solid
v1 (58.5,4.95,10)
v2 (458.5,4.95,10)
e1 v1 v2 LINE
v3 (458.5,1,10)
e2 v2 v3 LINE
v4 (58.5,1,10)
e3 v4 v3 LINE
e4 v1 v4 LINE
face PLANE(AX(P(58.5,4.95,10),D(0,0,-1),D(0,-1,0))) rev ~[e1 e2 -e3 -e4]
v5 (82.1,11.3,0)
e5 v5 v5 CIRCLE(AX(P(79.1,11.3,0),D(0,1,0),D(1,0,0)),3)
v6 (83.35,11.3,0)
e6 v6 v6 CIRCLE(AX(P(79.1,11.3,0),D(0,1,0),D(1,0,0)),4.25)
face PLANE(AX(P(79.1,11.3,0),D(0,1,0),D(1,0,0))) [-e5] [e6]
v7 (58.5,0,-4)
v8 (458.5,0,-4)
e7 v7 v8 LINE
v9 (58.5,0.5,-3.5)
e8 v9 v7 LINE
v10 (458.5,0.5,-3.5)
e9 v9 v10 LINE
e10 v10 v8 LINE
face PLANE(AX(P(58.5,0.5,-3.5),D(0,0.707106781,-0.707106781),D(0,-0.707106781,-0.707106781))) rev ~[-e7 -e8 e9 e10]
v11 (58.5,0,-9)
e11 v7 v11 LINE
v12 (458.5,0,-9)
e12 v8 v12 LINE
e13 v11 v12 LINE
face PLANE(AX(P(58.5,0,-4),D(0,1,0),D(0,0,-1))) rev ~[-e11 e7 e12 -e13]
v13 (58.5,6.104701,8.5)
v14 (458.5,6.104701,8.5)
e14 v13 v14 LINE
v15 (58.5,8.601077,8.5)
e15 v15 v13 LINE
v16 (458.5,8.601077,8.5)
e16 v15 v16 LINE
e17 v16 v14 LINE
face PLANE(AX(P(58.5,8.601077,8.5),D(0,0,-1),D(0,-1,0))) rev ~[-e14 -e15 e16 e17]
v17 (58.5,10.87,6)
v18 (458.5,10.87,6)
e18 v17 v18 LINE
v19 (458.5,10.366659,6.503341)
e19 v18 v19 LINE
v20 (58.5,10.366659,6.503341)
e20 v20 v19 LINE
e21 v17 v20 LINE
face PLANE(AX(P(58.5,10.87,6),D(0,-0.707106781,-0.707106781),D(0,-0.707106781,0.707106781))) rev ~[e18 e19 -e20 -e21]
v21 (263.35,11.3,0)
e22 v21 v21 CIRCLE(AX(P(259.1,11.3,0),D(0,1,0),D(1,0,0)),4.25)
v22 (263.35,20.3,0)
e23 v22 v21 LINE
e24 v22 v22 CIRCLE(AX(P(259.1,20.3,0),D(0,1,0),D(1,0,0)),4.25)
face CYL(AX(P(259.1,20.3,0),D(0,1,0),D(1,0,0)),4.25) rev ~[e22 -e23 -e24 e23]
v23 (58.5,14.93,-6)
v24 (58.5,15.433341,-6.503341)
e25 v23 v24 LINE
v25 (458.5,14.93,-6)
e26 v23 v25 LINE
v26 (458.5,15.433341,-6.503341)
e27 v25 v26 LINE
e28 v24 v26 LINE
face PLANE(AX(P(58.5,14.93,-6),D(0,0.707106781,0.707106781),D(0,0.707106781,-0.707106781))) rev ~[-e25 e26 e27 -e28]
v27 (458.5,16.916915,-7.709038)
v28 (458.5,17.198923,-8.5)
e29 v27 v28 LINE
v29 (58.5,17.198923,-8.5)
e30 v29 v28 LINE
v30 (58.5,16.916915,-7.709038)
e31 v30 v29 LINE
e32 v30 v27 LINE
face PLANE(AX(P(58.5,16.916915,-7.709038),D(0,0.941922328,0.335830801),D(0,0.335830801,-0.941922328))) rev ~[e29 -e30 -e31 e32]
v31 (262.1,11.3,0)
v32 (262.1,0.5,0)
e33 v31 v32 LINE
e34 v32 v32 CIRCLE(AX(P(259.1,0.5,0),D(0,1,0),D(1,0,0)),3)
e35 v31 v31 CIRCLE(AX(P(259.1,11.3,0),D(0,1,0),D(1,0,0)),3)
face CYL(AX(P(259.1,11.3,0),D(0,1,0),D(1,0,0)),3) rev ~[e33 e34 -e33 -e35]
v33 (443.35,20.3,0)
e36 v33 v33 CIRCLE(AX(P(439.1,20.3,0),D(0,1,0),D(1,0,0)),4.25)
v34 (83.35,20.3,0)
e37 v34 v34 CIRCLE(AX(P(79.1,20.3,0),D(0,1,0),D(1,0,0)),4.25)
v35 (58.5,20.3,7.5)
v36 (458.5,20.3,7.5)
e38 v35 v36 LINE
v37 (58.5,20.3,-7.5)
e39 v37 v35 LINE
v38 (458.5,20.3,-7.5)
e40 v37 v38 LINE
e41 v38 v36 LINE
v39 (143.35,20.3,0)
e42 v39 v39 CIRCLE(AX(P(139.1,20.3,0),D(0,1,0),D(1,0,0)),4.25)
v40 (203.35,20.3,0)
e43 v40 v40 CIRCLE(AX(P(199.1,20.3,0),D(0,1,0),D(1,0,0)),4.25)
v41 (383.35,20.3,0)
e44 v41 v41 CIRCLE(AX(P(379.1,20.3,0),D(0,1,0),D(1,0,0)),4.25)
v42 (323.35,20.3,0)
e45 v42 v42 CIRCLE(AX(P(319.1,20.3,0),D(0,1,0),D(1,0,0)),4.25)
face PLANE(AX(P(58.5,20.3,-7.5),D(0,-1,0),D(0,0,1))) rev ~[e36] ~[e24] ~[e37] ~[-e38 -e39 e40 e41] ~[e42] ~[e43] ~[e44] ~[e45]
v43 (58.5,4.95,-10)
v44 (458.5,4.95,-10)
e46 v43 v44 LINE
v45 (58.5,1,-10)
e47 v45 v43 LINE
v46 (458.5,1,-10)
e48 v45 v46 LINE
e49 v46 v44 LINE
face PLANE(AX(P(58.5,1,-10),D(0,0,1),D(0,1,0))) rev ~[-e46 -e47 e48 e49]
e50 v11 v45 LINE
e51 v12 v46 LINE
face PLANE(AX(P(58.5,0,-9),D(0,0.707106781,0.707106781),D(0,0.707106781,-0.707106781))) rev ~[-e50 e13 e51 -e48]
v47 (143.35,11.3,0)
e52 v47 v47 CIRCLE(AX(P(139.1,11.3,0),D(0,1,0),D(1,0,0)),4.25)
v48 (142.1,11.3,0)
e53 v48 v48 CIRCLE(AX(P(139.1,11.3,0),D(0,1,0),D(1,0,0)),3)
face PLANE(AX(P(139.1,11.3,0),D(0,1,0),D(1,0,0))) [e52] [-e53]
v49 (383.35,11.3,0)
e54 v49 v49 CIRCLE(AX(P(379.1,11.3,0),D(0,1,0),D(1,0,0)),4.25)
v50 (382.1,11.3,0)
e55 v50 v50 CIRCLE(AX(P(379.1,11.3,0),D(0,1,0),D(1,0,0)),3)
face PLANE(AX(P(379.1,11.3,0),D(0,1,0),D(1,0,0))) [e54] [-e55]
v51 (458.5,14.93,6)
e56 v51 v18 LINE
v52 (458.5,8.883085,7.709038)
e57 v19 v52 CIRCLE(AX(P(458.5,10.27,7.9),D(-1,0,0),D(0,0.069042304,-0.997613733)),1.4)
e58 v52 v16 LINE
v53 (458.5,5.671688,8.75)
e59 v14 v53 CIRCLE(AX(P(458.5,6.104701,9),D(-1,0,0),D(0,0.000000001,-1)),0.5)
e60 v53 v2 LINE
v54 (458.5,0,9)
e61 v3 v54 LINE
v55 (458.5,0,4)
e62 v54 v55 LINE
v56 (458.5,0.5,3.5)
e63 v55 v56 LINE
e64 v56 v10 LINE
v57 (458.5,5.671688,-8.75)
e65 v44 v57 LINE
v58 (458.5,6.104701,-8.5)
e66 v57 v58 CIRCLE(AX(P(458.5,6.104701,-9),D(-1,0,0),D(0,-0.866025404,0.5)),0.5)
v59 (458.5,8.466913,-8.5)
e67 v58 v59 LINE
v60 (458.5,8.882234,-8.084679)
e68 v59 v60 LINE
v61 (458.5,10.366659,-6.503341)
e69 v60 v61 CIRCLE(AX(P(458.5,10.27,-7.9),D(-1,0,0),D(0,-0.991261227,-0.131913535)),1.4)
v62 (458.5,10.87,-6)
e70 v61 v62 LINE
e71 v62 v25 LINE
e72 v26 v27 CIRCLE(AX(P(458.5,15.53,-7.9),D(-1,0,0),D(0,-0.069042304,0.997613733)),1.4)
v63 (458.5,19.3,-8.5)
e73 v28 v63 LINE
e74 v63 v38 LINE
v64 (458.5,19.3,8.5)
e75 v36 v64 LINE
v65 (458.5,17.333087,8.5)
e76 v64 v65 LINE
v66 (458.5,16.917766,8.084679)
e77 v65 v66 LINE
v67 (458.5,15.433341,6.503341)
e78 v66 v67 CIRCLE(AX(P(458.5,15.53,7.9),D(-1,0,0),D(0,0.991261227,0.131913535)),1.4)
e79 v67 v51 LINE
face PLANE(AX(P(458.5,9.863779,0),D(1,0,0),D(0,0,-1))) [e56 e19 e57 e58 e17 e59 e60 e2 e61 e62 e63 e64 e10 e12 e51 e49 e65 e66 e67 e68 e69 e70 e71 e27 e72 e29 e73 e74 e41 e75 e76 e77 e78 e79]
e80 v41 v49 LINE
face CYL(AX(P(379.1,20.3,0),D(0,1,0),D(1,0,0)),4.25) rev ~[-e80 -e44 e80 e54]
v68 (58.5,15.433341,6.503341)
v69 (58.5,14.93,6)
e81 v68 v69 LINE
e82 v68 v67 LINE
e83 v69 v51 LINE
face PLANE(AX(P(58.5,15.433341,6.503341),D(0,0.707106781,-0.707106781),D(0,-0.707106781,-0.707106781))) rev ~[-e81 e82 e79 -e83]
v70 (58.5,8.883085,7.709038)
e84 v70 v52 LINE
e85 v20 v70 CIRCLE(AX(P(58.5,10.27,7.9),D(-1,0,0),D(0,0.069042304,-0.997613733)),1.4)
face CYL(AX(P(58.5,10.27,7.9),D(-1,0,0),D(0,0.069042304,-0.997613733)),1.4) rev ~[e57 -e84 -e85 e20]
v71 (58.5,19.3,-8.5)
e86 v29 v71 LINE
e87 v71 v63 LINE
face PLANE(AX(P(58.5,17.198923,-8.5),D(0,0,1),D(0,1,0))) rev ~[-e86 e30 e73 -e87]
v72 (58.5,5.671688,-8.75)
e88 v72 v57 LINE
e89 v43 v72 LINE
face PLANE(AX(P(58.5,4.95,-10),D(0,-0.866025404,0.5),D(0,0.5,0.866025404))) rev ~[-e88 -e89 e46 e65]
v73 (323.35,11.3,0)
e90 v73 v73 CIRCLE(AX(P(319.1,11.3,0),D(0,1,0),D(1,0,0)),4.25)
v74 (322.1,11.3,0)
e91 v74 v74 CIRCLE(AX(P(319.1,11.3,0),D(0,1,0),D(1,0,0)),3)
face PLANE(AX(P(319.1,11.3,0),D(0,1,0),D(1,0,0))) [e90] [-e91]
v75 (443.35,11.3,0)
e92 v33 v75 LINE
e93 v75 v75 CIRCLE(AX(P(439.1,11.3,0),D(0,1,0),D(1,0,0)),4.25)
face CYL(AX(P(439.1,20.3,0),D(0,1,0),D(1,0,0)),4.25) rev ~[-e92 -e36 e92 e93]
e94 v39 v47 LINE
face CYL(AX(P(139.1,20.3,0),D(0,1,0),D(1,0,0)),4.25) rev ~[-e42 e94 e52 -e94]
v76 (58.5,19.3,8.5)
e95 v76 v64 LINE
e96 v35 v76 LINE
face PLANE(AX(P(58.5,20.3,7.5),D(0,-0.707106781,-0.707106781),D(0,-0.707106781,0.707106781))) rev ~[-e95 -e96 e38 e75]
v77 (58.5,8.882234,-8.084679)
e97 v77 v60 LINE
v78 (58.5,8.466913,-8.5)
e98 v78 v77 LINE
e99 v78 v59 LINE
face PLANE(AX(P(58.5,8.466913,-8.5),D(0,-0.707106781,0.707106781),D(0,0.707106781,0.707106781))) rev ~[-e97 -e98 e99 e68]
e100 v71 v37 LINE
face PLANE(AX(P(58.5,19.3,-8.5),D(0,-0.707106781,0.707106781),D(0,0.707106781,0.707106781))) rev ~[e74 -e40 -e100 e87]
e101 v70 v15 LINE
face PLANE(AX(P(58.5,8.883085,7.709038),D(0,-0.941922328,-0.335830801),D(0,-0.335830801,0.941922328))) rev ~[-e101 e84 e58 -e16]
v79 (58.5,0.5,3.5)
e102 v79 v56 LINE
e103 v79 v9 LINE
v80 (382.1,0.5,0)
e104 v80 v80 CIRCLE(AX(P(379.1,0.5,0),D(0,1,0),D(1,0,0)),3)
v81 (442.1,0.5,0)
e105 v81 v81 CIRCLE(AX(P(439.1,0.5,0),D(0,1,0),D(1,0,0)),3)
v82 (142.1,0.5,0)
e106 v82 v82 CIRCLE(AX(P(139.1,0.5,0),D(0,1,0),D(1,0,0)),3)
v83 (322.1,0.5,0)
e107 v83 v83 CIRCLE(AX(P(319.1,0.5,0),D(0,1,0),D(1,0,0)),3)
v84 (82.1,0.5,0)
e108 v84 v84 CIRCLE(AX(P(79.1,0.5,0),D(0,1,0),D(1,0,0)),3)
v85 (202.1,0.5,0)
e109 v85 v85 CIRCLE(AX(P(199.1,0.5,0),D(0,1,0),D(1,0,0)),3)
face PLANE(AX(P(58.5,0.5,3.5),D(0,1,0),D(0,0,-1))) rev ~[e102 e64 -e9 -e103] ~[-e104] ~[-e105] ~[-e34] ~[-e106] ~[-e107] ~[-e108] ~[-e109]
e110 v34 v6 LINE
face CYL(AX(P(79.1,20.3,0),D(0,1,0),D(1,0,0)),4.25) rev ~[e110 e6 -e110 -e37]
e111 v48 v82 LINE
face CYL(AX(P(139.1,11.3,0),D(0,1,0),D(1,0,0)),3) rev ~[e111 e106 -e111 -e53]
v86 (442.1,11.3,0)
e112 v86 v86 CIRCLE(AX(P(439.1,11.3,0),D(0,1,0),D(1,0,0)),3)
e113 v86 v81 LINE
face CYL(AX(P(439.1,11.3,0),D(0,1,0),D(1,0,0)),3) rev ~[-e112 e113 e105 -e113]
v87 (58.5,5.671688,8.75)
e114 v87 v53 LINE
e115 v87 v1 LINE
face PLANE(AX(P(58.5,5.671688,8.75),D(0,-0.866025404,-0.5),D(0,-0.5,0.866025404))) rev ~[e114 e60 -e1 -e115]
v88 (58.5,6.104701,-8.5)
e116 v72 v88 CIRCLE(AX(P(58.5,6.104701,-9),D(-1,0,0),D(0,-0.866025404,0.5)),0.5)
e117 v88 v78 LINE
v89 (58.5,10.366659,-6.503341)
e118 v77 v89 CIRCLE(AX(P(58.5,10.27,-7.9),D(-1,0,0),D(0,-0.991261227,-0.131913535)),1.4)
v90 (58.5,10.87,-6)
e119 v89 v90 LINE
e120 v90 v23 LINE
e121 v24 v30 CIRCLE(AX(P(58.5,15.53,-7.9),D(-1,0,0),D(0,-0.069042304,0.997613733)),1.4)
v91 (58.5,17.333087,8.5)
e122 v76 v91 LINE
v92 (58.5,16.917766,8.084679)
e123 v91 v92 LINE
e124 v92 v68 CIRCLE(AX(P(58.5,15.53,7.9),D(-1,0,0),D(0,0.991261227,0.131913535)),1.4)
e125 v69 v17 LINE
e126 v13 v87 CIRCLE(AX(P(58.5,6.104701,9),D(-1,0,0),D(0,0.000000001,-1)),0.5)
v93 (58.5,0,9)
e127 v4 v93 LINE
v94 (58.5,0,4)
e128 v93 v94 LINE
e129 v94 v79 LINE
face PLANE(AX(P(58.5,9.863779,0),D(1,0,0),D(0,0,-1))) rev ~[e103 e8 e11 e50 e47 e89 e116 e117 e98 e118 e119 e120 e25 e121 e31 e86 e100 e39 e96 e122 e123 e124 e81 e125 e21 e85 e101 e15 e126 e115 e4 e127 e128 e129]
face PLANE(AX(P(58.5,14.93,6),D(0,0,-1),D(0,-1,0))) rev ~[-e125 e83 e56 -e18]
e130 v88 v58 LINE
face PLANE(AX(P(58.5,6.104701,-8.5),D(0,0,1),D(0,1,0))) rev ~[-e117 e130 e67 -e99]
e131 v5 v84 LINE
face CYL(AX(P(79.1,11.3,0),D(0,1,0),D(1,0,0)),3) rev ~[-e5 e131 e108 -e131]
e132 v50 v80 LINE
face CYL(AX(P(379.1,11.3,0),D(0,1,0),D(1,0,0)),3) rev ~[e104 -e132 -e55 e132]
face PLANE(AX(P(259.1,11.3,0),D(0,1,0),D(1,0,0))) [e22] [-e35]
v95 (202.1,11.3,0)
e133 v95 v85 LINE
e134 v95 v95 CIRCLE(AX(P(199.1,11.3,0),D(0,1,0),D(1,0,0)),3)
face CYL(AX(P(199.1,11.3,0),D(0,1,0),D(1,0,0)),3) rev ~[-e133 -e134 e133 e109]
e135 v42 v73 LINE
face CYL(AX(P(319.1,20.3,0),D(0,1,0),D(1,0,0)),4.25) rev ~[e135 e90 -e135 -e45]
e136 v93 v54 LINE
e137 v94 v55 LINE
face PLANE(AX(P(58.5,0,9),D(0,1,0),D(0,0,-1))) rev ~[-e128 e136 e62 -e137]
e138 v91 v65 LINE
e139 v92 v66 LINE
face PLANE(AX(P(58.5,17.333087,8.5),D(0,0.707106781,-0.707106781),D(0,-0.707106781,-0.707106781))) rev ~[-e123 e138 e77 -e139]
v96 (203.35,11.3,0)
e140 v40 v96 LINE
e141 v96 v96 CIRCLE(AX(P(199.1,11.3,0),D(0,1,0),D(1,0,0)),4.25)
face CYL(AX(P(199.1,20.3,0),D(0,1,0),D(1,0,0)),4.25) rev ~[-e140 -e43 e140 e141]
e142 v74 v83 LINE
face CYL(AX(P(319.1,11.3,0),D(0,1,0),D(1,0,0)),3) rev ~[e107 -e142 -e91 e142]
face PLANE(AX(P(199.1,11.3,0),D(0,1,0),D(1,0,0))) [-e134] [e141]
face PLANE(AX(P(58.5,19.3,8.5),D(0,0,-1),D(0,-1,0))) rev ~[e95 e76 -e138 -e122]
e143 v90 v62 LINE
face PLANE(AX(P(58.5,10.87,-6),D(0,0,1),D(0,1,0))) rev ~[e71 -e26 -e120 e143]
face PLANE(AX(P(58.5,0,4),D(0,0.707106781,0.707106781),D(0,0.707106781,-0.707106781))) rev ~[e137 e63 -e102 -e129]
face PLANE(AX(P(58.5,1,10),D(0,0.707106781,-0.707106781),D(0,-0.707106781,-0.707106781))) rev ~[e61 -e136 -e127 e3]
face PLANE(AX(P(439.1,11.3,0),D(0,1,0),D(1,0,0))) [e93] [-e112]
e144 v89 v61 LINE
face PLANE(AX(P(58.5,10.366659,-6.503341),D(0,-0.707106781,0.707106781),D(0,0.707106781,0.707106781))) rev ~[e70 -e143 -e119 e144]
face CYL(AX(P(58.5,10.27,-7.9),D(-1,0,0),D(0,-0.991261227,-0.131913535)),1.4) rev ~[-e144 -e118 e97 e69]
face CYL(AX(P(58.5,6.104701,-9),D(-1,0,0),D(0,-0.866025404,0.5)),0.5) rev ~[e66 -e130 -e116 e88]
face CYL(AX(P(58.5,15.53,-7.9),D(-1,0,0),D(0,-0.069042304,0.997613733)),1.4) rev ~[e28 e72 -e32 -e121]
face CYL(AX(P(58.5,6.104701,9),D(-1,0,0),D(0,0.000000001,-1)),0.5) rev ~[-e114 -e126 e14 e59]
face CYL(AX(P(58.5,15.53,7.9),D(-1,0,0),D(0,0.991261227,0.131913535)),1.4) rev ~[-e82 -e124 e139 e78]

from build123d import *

# Parameters (mm, degrees)
BOSS_EXTRUDE5_DEPTH = 400
SKETCH8_R           = 4.25
CUT_EXTRUDE1_DEPTH  = 9
SKETCH9_R           = 3
CUT_EXTRUDE2_DEPTH  = 12.3
LPATTERN1_COUNT     = 20
LPATTERN1_PITCH     = 60


with BuildPart() as part:
    # Sketch7 → Boss-Extrude5 (new body)
    with BuildSketch(Plane(origin=(58.5, 0, 0), x_dir=(0, 0, -1), z_dir=(1, 0, 0))):
        with BuildLine():
            Line((-7.709038211, 8.883084864), (-8.5, 8.601077183))
            Line((-8.5, 8.601077183), (-8.5, 6.104700538))
            ThreePointArc((-8.5, 6.104700538), (-8.566987298, 5.854700538), (-8.75, 5.671687836))
            Line((-8.75, 5.671687836), (-10, 4.95))
            Line((-10, 4.95), (-10, 1))
            Line((-10, 1), (-9, 0))
            Line((-9, 0), (-4, 0))
            Line((-4, 0), (-3.5, 0.5))
            Line((-3.5, 0.5), (3.5, 0.5))
            Line((3.5, 0.5), (4, 0))
            Line((4, 0), (9, 0))
            Line((9, 0), (10, 1))
            Line((10, 1), (10, 4.95))
            Line((10, 4.95), (8.75, 5.671687836))
            ThreePointArc((8.75, 5.671687836), (8.566987298, 5.854700538), (8.5, 6.104700538))
            Line((8.5, 6.104700538), (8.5, 8.46691323))
            Line((8.5, 8.46691323), (8.084678947, 8.882234283))
            ThreePointArc((8.084678947, 8.882234283), (6.941822875, 9.249266637), (6.503340774, 10.366659226))
            Line((6.503340774, 10.366659226), (6, 10.87))
            Line((6, 10.87), (6, 14.93))
            Line((6, 14.93), (6.503340774, 15.433340774))
            ThreePointArc((6.503340774, 15.433340774), (6.813545517, 16.412959034), (7.709038211, 16.916915136))
            Line((7.709038211, 16.916915136), (8.5, 17.198922817))
            Line((8.5, 17.198922817), (8.5, 19.3))
            Line((8.5, 19.3), (7.5, 20.3))
            Line((7.5, 20.3), (-7.5, 20.3))
            Line((-7.5, 20.3), (-8.5, 19.3))
            Line((-8.5, 19.3), (-8.5, 17.33308677))
            Line((-8.5, 17.33308677), (-8.084678947, 16.917765717))
            ThreePointArc((-8.084678947, 16.917765717), (-6.941822875, 16.550733363), (-6.503340774, 15.433340774))
            Line((-6.503340774, 15.433340774), (-6, 14.93))
            Line((-6, 14.93), (-6, 10.87))
            Line((-6, 10.87), (-6.503340774, 10.366659226))
            ThreePointArc((-6.503340774, 10.366659226), (-6.813545517, 9.387040966), (-7.709038211, 8.883084864))
        make_face()
    extrude(amount=BOSS_EXTRUDE5_DEPTH)

    # Sketch8 → Cut-Extrude1 (cut)
    with BuildSketch(Plane(origin=(0, 20.3, 0), x_dir=(1, 0, 0), z_dir=(0, 1, 0))):
        with Locations((79.1, 0)):
            Circle(SKETCH8_R)
    cut_extrude1 = extrude(amount=-CUT_EXTRUDE1_DEPTH, mode=Mode.SUBTRACT)

    # Sketch9 → Cut-Extrude2 (cut, through all)
    with BuildSketch(Plane(origin=(0, 11.3, 0), x_dir=(1, 0, 0), z_dir=(0, 1, 0))):
        with Locations((79.1, 0)):
            Circle(SKETCH9_R)
    cut_extrude2 = extrude(amount=-CUT_EXTRUDE2_DEPTH, mode=Mode.SUBTRACT)

    # LPattern1: Cut-Extrude1, Cut-Extrude2 ×20
    with Locations(*[(i * LPATTERN1_PITCH, 0, 0) for i in range(1, LPATTERN1_COUNT)]):
        add(cut_extrude1, mode=Mode.SUBTRACT)
        add(cut_extrude2, mode=Mode.SUBTRACT)


solid = part.part
